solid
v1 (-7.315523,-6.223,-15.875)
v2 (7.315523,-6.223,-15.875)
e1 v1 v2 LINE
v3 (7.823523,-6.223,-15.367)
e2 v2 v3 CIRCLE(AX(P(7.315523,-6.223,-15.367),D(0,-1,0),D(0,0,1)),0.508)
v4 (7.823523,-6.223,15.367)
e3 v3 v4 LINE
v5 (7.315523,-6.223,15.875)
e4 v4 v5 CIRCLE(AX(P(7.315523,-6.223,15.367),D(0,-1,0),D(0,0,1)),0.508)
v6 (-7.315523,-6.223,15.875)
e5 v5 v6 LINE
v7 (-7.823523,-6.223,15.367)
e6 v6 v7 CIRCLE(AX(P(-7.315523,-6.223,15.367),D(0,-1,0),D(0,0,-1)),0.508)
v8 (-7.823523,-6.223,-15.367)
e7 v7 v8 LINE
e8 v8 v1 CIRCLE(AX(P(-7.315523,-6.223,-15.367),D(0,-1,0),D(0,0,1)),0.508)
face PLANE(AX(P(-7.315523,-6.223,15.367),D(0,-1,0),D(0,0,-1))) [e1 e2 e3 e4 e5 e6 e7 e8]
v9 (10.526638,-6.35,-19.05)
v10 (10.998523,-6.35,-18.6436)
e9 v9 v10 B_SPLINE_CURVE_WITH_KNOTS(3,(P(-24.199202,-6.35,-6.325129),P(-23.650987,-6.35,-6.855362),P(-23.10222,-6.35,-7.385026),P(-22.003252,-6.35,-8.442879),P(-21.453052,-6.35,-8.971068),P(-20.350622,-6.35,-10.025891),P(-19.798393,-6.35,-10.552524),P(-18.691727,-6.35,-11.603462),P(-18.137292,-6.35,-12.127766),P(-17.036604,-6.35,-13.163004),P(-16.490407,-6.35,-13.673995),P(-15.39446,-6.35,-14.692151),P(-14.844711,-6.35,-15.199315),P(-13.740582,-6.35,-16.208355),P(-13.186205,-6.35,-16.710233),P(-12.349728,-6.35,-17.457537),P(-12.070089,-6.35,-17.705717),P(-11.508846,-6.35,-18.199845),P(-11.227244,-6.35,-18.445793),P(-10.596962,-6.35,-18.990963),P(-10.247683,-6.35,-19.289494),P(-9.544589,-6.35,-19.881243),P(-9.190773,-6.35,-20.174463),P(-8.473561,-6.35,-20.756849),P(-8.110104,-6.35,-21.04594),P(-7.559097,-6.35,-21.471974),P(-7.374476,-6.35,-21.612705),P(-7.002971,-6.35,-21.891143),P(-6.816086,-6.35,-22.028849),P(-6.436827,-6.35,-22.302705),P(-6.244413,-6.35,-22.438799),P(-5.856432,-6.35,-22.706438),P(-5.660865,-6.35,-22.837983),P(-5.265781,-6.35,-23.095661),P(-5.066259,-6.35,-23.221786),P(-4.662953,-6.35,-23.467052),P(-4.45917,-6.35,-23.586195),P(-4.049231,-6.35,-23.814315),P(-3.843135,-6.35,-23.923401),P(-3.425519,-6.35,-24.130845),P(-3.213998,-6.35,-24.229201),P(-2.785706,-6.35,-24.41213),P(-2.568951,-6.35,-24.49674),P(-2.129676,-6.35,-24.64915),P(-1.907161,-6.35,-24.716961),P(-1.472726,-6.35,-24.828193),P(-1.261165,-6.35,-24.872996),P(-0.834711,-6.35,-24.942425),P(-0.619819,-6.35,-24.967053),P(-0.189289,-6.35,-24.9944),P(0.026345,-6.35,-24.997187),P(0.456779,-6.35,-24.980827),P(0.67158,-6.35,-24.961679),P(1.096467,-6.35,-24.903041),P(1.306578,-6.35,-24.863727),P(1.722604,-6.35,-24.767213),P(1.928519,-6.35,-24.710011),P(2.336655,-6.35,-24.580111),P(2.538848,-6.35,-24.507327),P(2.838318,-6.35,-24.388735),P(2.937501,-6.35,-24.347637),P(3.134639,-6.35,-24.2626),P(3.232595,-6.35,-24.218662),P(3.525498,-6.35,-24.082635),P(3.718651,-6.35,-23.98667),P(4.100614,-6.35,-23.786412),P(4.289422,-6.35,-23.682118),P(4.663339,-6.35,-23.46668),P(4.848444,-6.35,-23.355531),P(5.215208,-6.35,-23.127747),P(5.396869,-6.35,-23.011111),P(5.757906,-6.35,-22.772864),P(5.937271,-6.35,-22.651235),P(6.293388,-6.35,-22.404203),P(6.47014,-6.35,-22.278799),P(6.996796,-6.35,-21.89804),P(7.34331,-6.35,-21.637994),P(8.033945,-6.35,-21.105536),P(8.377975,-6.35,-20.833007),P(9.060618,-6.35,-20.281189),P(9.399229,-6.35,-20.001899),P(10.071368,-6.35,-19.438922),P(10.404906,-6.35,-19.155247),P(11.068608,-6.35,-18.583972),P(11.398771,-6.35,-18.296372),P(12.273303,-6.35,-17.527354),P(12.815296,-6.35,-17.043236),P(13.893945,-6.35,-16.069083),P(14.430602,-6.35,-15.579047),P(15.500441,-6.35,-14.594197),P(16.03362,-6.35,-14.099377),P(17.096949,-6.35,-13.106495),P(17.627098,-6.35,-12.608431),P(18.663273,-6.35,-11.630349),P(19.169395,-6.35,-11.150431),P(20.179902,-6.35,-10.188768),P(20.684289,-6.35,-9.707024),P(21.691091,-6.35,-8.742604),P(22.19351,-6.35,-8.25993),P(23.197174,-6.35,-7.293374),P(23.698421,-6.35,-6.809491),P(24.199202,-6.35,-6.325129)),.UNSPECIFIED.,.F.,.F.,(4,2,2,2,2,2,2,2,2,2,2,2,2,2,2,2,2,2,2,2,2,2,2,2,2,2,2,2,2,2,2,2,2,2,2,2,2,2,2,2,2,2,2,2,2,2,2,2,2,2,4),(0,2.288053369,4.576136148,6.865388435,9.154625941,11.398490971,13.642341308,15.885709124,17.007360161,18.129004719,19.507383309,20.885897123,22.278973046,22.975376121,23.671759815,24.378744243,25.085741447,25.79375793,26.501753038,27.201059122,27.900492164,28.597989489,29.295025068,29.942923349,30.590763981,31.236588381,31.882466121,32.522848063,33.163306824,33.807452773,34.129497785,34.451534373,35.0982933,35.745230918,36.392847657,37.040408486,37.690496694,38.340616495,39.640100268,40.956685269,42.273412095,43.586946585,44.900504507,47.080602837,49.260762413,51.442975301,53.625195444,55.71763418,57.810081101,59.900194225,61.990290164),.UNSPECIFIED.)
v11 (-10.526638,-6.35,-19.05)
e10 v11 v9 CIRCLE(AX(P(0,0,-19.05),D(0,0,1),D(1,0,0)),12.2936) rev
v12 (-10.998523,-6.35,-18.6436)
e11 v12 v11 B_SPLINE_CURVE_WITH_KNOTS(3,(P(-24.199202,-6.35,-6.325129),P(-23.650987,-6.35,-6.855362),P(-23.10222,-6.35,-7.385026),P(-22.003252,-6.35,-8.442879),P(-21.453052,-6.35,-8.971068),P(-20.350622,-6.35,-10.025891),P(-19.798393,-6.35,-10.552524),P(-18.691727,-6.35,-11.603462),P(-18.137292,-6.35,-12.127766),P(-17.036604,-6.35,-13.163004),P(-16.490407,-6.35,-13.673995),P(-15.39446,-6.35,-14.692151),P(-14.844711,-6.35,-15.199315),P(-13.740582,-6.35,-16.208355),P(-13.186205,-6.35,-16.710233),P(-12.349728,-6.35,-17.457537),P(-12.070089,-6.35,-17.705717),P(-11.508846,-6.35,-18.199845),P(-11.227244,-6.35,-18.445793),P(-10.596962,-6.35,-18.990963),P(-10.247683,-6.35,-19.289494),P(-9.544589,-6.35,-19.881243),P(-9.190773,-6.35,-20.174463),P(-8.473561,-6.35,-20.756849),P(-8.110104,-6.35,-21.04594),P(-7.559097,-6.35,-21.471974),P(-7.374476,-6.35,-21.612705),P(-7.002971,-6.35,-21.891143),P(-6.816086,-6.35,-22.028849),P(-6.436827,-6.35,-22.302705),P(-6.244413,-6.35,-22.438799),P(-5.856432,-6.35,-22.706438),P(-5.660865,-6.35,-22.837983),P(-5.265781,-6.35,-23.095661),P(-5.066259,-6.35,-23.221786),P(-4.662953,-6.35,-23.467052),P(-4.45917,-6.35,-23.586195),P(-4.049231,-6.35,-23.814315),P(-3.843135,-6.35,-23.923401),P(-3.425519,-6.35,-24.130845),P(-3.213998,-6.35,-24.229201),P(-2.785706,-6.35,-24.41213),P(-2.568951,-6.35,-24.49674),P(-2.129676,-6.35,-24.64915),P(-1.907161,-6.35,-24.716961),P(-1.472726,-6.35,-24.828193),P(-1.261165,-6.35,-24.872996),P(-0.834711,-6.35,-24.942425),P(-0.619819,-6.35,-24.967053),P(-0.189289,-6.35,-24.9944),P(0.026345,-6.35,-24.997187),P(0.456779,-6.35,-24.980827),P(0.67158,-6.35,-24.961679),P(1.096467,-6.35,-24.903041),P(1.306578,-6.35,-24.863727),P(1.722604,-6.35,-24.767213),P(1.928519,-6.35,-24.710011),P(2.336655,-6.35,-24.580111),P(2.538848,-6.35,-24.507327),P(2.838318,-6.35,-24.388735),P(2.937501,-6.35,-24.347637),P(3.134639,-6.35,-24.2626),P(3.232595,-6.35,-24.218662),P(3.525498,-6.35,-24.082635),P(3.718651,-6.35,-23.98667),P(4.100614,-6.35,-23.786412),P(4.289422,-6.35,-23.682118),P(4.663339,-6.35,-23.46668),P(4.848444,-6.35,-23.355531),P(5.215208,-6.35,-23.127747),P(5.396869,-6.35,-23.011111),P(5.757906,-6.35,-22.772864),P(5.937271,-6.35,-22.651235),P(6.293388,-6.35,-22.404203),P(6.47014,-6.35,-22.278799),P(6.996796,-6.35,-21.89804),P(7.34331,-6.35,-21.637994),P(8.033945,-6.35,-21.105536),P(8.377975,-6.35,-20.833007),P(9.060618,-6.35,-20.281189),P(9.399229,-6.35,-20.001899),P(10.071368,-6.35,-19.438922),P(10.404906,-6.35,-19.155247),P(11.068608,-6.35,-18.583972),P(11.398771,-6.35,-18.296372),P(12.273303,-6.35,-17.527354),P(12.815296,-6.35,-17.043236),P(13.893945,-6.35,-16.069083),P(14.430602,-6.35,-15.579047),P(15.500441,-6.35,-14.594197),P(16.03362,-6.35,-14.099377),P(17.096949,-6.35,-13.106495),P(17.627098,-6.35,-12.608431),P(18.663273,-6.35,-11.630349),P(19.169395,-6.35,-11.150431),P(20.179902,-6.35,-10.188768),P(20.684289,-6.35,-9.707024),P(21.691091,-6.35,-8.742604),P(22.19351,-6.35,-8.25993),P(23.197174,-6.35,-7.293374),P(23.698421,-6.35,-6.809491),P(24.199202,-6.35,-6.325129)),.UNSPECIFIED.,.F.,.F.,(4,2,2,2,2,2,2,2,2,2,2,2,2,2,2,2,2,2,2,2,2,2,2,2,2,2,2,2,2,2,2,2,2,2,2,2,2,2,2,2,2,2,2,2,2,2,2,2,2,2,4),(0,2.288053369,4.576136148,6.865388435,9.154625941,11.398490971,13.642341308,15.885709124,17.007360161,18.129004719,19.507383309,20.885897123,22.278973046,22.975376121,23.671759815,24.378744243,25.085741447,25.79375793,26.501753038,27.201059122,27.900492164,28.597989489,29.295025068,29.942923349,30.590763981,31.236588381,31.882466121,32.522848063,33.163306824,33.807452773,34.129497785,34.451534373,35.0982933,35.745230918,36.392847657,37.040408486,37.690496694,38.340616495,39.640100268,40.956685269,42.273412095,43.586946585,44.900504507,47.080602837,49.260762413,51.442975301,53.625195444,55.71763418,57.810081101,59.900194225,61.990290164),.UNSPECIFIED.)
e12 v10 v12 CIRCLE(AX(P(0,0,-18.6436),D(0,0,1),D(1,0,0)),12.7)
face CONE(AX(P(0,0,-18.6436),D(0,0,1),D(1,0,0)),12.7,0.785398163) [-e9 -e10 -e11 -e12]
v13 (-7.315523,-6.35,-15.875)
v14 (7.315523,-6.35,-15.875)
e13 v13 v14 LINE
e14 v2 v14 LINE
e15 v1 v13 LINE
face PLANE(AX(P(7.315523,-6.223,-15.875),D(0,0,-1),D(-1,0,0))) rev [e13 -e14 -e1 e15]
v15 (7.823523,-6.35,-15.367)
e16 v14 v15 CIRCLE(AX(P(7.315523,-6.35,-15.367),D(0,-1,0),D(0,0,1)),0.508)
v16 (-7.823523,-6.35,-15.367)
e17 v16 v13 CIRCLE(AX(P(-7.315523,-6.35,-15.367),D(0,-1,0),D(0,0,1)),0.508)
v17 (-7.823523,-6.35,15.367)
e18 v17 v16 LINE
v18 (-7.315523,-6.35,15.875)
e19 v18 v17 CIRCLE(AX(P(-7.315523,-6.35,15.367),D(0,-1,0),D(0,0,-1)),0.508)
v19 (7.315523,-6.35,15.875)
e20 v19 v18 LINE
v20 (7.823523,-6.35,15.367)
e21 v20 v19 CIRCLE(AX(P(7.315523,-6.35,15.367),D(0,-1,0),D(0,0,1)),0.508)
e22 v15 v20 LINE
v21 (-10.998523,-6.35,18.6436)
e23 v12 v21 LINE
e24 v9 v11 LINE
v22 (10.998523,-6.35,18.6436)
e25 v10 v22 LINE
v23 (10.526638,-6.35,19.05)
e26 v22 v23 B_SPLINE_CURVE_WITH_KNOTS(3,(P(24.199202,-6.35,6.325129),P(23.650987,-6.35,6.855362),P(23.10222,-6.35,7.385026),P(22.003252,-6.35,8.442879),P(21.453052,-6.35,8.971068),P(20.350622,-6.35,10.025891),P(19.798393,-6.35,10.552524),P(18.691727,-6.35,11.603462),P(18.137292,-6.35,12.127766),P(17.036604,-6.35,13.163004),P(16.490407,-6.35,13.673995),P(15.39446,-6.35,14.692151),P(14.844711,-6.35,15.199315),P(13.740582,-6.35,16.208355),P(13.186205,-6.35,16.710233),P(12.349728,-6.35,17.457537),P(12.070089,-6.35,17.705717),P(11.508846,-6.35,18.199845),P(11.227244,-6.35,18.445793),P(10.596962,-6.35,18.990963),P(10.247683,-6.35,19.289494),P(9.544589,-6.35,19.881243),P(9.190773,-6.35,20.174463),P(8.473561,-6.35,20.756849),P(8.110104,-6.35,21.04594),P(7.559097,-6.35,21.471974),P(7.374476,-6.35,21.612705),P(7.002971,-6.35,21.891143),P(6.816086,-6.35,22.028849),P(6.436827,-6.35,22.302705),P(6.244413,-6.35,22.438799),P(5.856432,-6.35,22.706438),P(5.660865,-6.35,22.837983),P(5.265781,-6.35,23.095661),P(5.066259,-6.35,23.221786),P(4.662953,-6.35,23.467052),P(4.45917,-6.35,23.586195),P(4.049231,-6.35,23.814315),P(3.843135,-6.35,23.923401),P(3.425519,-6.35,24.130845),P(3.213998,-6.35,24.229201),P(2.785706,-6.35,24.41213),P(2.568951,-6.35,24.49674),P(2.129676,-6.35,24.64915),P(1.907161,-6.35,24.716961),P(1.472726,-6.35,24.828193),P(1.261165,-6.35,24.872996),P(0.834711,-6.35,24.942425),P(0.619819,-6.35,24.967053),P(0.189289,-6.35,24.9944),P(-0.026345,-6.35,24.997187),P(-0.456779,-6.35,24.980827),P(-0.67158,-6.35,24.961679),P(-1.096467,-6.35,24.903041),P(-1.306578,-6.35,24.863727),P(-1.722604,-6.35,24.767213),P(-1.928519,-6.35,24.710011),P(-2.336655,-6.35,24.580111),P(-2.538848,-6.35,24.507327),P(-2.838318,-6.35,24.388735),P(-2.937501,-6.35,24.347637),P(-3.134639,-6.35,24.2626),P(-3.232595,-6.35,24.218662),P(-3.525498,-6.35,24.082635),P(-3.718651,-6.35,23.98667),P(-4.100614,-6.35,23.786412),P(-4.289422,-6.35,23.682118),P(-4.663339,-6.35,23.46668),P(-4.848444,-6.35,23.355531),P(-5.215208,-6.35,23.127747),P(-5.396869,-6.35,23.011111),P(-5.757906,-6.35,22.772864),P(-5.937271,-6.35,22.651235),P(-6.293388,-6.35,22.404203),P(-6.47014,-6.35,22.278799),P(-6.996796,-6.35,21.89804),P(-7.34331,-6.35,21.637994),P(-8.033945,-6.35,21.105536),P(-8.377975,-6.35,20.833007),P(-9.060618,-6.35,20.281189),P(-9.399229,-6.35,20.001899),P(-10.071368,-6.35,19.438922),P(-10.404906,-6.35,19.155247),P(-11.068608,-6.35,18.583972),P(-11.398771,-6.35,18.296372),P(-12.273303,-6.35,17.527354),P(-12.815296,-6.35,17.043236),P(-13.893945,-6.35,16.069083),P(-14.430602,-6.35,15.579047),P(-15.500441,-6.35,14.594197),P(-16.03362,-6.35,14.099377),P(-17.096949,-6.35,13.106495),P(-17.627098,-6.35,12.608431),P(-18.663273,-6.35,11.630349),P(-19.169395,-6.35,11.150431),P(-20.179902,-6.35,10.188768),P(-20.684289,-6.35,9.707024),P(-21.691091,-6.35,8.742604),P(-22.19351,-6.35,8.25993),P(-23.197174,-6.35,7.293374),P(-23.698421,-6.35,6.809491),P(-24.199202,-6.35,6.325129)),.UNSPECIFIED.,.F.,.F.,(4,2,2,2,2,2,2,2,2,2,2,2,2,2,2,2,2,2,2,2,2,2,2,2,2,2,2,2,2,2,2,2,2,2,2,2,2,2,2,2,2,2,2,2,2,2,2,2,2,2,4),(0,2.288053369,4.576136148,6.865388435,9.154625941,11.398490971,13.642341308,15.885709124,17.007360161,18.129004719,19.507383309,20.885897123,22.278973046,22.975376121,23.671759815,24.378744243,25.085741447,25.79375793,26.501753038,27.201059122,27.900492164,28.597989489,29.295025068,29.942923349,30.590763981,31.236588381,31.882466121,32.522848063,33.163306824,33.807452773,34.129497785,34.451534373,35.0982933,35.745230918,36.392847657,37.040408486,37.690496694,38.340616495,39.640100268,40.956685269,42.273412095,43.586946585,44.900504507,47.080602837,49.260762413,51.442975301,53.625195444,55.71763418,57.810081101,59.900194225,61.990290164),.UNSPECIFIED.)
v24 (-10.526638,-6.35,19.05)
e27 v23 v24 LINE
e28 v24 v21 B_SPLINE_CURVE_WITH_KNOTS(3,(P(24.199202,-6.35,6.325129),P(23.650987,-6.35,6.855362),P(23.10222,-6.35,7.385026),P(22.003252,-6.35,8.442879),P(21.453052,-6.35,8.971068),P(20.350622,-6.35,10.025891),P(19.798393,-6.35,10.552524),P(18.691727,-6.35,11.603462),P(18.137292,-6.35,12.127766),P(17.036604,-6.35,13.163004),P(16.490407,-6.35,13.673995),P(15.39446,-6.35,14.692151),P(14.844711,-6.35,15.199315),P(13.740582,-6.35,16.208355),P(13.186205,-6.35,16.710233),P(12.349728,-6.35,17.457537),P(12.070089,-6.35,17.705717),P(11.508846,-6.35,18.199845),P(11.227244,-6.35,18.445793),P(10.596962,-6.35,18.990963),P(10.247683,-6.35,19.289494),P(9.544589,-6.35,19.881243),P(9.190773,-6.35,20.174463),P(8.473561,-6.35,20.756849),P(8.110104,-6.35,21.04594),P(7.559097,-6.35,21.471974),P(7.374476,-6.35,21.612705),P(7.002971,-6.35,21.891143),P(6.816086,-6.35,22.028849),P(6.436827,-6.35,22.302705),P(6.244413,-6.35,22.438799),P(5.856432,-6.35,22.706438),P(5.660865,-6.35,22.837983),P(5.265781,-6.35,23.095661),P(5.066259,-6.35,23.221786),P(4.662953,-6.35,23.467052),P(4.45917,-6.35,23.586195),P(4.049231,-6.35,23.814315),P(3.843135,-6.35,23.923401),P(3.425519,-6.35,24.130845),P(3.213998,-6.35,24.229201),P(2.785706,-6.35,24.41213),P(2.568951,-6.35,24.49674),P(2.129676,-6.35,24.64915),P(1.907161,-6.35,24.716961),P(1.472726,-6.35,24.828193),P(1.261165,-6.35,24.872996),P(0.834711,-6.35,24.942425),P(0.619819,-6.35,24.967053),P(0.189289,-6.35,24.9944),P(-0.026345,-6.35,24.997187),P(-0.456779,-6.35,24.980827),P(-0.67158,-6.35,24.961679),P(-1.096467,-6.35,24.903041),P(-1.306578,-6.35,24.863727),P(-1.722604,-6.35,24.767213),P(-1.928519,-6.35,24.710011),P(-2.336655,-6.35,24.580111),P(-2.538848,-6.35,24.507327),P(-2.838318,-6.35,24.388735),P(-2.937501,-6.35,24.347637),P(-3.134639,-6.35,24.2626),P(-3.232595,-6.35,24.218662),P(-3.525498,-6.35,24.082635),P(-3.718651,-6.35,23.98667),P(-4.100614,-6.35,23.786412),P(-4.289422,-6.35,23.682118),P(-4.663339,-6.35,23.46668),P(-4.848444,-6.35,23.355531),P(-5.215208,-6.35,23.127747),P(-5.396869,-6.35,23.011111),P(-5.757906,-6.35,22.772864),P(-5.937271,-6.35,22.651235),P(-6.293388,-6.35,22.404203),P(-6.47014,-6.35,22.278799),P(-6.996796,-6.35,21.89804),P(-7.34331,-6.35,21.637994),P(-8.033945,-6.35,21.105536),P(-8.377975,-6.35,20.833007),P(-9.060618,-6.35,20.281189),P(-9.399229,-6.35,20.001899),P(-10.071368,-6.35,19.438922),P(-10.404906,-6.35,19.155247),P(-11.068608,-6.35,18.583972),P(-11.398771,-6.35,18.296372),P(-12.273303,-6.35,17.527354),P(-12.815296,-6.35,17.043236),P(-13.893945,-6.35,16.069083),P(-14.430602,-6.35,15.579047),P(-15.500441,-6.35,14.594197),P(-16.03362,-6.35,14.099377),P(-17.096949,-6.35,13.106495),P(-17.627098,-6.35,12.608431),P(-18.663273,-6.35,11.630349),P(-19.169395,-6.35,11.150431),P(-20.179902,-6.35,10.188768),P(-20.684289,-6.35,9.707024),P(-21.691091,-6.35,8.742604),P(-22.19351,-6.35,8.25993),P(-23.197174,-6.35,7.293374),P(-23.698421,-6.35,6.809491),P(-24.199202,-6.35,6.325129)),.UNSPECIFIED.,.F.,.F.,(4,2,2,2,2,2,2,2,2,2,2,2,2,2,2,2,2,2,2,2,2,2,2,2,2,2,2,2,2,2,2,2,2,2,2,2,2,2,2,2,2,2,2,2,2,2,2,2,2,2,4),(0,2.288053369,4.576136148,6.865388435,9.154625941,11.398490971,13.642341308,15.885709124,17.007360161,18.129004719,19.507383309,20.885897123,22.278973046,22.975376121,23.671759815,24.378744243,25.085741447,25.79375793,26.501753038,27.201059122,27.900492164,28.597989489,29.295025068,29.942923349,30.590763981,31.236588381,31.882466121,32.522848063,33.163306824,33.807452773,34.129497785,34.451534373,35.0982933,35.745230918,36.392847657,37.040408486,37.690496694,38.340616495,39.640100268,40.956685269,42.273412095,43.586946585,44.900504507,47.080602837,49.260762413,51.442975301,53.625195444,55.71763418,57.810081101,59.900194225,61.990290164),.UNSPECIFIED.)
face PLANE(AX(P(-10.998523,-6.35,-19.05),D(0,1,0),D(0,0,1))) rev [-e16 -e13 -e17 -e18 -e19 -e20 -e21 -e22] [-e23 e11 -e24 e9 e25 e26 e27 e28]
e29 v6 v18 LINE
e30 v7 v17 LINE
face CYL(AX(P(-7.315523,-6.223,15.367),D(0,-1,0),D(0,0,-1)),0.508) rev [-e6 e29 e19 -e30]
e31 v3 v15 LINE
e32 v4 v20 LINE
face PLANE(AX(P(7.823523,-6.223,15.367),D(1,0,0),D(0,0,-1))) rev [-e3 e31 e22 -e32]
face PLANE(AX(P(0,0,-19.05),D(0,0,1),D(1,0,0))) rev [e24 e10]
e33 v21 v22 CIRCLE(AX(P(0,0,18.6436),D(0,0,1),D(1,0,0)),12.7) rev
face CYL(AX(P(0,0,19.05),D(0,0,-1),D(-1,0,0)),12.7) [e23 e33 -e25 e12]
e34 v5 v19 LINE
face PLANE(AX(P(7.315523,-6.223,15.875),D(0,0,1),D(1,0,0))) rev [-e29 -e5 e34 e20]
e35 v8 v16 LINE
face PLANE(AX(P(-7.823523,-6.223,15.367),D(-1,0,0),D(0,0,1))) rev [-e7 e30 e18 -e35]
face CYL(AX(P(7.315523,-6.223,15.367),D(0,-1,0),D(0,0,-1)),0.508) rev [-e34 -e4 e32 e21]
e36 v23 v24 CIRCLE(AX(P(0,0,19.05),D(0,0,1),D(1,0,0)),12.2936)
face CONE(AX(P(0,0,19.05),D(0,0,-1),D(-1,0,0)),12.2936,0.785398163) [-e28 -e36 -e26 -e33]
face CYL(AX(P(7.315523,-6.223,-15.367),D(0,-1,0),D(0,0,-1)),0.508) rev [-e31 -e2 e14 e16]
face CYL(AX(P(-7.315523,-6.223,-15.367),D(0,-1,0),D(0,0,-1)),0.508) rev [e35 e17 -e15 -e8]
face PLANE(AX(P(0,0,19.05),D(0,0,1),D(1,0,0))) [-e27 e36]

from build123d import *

# Parameters (mm, degrees)
SKETCH1_R            = 12.7
EXTRUDE1_DEPTH       = 19.05
CHAMFER1_SIZE        = 0.4064
TRUNCATED_DEPTH      = 20.05
TRUNCATED_DEPTH_BACK = 20.05
RECESSED_DEPTH       = 0.127


with BuildPart() as part:
    # Sketch1 → Extrude1 (new body, symmetric)
    with BuildSketch(Plane.XY):
        Circle(SKETCH1_R)
    extrude(amount=EXTRUDE1_DEPTH, both=True)

    # Chamfer1
    chamfer1_edges = [part.edges().sort_by_distance(p)[0] for p in [
        (-12.7, 0, -19.05),
        (-12.7, 0, 19.05),
    ]]
    chamfer(chamfer1_edges, length=CHAMFER1_SIZE)

    # Sketch2 → Truncated (cut, two sides)
    with BuildSketch(Plane.XY) as truncated_sk:
        with BuildLine():
            Line((-10.998522628, -6.35), (10.998522628, -6.35))
            ThreePointArc((10.998522628, -6.35), (0, -12.7), (-10.998522628, -6.35))
        make_face()
    extrude(amount=TRUNCATED_DEPTH, mode=Mode.SUBTRACT)
    extrude(truncated_sk.sketch, amount=-TRUNCATED_DEPTH_BACK, mode=Mode.SUBTRACT)

    # Sketch3 → Recessed (cut)
    with BuildSketch(Plane.XZ.offset(6.35)):
        with BuildLine():
            Line((7.315522628, 15.875), (-7.315522628, 15.875))
            ThreePointArc((-7.315522628, 15.875), (-7.674732873, 15.726210245), (-7.823522628, 15.367))
            Line((-7.823522628, 15.367), (-7.823522628, -15.367))
            ThreePointArc((-7.823522628, -15.367), (-7.674732873, -15.726210245), (-7.315522628, -15.875))
            Line((-7.315522628, -15.875), (7.315522628, -15.875))
            ThreePointArc((7.315522628, -15.875), (7.674732873, -15.726210245), (7.823522628, -15.367))
            Line((7.823522628, -15.367), (7.823522628, 15.367))
            ThreePointArc((7.823522628, 15.367), (7.674732873, 15.726210245), (7.315522628, 15.875))
        make_face()
    extrude(amount=-RECESSED_DEPTH, mode=Mode.SUBTRACT)


solid = part.part
